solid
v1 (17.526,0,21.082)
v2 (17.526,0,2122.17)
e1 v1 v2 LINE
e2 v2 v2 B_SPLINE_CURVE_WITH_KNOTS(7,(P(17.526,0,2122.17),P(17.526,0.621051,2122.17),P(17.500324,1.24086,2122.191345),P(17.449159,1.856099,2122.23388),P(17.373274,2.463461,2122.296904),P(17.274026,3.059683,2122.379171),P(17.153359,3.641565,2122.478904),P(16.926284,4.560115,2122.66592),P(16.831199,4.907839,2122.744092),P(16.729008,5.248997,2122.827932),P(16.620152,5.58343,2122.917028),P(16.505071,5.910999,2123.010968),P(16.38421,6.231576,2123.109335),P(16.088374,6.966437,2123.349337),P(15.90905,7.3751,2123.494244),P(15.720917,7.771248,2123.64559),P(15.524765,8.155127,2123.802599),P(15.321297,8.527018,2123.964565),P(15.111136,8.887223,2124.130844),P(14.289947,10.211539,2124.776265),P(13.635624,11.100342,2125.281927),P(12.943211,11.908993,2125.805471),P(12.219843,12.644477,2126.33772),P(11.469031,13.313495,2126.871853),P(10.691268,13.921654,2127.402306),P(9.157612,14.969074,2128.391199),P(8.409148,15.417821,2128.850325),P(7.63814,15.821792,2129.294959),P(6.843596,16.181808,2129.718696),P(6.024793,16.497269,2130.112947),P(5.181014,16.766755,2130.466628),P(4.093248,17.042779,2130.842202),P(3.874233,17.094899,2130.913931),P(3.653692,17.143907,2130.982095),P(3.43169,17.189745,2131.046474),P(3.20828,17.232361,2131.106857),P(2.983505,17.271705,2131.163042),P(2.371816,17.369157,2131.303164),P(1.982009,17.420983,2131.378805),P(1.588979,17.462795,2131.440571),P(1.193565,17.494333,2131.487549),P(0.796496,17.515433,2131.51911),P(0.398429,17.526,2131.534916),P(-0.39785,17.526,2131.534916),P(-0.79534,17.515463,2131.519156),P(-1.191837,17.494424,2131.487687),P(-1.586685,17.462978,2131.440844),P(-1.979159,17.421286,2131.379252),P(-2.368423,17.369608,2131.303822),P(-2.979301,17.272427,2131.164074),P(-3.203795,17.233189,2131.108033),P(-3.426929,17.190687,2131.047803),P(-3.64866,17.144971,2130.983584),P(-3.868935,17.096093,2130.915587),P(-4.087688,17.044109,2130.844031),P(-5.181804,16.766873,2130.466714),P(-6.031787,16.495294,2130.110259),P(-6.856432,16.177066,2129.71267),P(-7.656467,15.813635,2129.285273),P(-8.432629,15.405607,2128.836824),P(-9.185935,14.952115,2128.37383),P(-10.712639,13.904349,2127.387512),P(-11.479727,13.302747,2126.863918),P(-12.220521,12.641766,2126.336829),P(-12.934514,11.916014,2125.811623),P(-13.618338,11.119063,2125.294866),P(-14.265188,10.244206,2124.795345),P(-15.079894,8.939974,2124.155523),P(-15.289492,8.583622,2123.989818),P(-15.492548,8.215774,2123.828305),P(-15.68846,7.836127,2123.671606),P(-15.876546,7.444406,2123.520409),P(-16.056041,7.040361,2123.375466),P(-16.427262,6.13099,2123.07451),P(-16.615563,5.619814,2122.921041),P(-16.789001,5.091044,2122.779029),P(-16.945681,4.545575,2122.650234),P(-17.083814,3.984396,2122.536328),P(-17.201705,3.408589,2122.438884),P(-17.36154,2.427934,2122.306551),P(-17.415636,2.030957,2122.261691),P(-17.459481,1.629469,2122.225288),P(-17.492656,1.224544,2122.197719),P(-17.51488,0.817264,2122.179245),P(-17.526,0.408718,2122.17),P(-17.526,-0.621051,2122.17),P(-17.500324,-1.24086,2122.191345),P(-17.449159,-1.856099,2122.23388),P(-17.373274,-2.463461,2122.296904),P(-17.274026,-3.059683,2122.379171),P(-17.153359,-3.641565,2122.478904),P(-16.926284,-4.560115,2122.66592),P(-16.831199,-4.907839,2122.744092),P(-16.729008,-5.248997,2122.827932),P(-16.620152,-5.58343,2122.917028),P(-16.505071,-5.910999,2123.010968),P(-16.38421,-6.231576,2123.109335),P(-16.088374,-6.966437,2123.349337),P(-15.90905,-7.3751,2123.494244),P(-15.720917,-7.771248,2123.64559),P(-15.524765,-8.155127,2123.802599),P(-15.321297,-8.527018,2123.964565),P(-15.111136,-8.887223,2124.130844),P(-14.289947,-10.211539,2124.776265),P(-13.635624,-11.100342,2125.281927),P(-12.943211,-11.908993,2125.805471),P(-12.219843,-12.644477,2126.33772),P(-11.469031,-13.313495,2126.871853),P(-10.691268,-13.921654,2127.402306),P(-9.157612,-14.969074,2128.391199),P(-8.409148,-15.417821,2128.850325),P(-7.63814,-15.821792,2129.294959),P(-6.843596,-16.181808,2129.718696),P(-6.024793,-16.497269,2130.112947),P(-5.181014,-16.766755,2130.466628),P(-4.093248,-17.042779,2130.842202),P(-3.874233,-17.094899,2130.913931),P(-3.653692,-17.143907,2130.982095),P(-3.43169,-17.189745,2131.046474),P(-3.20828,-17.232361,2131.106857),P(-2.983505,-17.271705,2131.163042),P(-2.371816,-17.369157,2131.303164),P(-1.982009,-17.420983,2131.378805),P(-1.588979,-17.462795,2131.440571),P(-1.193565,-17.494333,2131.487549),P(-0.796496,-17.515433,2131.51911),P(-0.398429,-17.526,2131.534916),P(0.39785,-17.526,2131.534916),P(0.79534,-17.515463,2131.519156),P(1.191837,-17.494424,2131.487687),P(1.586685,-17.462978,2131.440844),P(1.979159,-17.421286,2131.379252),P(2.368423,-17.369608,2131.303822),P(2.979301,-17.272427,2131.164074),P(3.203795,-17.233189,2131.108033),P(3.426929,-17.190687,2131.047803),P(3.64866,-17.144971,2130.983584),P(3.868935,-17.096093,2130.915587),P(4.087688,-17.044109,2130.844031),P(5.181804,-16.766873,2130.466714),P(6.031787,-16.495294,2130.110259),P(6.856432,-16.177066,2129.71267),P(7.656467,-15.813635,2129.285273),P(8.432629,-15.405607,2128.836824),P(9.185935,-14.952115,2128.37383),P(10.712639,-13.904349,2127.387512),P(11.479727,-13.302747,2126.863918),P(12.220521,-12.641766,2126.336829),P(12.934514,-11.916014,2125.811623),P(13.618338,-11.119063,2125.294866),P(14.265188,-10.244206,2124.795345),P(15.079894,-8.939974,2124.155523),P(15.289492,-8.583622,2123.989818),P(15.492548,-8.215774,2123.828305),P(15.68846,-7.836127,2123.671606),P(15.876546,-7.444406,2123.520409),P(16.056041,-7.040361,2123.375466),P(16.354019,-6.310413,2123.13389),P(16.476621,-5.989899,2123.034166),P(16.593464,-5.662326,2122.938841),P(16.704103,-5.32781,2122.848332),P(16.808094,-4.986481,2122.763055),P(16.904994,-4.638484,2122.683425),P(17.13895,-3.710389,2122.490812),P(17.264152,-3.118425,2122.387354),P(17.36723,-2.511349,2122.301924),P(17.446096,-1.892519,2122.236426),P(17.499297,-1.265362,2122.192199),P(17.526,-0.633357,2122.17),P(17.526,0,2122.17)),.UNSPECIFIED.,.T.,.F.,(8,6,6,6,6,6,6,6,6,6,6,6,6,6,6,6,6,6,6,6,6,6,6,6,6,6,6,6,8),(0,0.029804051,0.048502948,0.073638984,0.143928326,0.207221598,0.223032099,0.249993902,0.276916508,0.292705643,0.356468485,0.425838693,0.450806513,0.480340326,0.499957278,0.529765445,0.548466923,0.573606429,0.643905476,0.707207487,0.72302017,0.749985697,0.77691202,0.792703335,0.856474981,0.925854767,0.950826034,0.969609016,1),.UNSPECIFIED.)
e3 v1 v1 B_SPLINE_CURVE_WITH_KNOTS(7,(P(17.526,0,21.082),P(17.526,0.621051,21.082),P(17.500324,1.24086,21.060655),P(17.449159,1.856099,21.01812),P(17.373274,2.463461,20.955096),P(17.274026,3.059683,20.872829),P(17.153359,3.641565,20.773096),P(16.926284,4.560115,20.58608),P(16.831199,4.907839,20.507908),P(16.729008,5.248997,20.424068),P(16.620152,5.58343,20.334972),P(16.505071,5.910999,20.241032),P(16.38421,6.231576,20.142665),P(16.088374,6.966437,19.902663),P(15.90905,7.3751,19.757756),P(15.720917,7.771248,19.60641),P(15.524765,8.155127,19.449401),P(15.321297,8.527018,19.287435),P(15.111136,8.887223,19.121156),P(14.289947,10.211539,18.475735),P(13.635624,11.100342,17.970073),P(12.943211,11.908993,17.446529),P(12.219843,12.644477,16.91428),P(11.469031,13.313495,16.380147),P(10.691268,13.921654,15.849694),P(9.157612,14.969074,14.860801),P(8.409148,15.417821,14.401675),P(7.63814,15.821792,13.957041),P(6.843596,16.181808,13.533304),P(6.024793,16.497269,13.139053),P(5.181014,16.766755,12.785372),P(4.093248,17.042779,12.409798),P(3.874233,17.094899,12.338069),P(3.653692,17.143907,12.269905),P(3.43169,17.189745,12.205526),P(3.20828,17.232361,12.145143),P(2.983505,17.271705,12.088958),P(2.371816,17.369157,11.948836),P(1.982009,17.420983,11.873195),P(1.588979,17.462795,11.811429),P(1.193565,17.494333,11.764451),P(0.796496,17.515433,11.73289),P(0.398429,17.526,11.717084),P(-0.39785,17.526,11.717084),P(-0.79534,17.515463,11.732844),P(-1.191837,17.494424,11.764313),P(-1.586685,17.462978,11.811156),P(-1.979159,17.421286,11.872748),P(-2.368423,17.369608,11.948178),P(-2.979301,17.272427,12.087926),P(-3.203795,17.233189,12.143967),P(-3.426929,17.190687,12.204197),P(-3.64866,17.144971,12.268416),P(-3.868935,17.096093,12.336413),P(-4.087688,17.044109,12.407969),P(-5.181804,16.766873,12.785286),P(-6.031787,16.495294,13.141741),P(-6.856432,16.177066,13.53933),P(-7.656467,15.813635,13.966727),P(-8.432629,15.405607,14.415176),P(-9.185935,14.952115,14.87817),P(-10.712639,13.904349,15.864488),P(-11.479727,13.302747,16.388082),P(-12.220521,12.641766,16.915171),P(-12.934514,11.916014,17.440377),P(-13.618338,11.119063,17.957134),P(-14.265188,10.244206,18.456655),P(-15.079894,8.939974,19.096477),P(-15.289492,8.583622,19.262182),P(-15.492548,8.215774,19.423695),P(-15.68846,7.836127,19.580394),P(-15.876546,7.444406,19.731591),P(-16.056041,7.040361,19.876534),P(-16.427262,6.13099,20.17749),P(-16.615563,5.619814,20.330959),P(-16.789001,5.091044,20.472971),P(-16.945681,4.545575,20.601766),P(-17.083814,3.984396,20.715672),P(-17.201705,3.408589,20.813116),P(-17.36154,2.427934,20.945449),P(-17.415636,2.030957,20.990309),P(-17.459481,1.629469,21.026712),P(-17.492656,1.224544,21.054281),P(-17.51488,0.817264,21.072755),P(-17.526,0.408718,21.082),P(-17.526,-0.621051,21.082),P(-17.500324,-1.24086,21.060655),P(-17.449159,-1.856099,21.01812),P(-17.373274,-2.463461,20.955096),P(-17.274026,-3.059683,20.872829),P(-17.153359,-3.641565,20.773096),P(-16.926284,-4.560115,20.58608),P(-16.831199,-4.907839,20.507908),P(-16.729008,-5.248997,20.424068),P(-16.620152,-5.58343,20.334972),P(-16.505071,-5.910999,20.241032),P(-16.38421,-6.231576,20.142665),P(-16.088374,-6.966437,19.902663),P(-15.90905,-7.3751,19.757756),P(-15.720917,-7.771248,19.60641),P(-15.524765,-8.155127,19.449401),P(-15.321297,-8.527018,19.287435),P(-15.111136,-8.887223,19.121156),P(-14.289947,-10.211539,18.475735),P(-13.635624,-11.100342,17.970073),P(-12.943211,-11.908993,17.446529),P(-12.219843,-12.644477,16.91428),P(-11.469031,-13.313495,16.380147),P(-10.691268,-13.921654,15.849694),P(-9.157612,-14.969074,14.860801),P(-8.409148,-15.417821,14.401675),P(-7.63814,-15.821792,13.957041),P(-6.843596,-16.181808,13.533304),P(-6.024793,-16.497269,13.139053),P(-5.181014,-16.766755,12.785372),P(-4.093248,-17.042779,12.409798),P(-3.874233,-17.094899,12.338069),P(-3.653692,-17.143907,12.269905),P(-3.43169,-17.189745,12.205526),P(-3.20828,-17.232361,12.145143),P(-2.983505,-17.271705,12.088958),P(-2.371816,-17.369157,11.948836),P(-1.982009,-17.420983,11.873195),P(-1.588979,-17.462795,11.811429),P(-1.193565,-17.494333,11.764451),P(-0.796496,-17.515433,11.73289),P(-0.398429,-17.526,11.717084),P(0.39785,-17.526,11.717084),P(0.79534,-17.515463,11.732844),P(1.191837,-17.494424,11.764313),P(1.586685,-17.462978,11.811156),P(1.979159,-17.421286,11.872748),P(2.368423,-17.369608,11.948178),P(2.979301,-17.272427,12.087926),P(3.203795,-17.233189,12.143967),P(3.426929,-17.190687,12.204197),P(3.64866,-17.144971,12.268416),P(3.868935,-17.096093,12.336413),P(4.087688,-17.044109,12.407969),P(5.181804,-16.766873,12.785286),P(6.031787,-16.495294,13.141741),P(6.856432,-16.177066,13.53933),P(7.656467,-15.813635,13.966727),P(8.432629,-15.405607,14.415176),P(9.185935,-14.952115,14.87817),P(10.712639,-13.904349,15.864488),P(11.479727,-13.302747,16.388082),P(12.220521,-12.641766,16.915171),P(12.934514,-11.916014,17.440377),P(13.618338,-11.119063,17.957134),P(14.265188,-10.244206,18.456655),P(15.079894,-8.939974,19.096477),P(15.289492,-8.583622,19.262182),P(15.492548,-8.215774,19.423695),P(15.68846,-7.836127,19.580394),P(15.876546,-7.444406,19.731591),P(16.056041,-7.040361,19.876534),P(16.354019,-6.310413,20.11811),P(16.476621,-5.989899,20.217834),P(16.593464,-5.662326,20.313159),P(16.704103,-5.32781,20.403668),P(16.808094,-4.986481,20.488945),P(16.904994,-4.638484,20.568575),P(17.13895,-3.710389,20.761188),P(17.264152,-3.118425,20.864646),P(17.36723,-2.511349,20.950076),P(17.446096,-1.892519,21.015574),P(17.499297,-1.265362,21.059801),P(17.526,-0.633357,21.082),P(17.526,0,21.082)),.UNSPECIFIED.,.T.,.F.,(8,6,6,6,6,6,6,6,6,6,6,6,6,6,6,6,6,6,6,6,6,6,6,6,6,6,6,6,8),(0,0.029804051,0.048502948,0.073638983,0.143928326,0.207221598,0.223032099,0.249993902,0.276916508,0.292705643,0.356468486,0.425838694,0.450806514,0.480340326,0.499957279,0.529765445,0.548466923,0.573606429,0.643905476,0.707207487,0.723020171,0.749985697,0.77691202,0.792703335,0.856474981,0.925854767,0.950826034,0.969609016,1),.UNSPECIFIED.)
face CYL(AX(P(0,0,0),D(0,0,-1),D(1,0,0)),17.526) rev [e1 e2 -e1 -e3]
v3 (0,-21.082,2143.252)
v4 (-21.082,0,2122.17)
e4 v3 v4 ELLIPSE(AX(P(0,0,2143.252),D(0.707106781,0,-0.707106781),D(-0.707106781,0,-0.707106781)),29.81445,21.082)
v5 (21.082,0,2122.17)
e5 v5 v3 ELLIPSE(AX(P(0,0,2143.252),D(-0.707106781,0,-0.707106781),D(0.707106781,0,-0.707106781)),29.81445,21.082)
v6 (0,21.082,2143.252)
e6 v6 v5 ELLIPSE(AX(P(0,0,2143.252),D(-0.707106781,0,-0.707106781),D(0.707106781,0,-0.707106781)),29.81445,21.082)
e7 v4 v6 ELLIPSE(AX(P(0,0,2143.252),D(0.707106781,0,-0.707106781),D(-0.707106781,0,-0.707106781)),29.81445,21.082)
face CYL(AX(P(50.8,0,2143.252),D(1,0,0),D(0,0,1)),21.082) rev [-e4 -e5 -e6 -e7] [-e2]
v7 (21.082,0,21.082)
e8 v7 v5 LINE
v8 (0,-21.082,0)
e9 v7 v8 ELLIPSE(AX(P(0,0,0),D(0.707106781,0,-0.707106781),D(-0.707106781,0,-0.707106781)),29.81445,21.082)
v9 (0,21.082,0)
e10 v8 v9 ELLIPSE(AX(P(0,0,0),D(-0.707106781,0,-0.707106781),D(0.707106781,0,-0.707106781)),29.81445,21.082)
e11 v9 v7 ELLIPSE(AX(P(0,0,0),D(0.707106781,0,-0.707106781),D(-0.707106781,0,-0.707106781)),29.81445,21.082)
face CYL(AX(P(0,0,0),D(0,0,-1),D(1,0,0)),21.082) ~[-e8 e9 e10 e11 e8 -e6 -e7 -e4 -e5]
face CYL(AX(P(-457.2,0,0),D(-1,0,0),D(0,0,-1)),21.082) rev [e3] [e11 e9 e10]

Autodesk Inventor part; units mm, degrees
ref_plane "Start plane" through (0, 0, 0) normal (0, 0, 1) x (1, 0, 0)
ref_plane "End plane" through (0, 0, 2143.252) normal (0, 0, 1) x (1, 0, 0)
sketch "Sketch" plane through (0, 0, 0) normal (0, 0, 1) x (1, 0, 0)
  circle A0 centre (0, 0) radius 17.526
  circle A1 centre (0, 0) radius 21.082
  dimension "d0" = 42.164
  dimension "d1" = 3.556
extrude "Body" add sketch "Sketch" along normal up to surface (2143.252 mm away) from surface at 0
sketch "Sketch3" plane through (0, 0, 0) normal (0, 0, 1) x (1, 0, 0)
  line L0 (0, 0) -> (10, 0)
ref_plane "Work Plane3" through (0, 0, 0) normal (0, -1, 0) x (1, 0, 0)
sketch "Sketch4" plane through (0, 0, 0) normal (0, -1, 0) x (1, 0, 0)
  line L0 (-2, 0) -> (12, 0)
  line L1 (-2, 2143.252) -> (12, 2143.252)
  dimension "d7" = 2143.252
ref_plane "Work Plane4" through (-457.2, 0, 0) normal (1, 0, 0) x (0, 0, -1)
ref_plane "Work Plane5" through (50.8, 0, 0) normal (1, 0, 0) x (0, 0, -1)
ref_plane "Work Plane6" through (-203.2, 0, 0) normal (1, 0, 0) x (0, 0, -1)
sketch "Sketch5" plane through (-203.2, 0, 0) normal (1, 0, 0) x (0, 0, -1)
  circle A0 centre (0, 0) radius 21.082
  circle A1 centre (0, 0) radius 17.526
extrude "Extrusion2" cut sketch "Sketch5" along normal up to surface (508 mm away) from surface at -254 contours A0 | A1
ref_plane "Work Plane7" through (50.8, 0, 2143.252) normal (-1, 0, 0) x (0, 0, 1)
ref_plane "Work Plane8" through (-457.2, 0, 2143.252) normal (-1, 0, 0) x (0, 0, 1)
ref_plane "Work Plane9" through (-203.2, 0, 2143.252) normal (-1, 0, 0) x (0, 0, 1)
sketch "Sketch6" plane through (-203.2, 0, 2143.252) normal (-1, 0, 0) x (0, 0, 1)
  circle A0 centre (0, 0) radius 21.082
  circle A1 centre (0, 0) radius 17.526
extrude "Extrusion3" cut sketch "Sketch6" along normal up to surface (508 mm away) from surface at -254 contours A0 | A1
ref_plane "Work Plane10" through (0, 21.082, 2143.252) normal (0, 0, 1) x (0, -1, 0)
equation "\"d0\" = G_H"
equation "\"d1\" = G_T"
equation "\"d2\" = G_L"
equation "\"G_H\" = 42.164"
equation "\"G_T\" = 3.556"
equation "\"G_L\" = d7"
equation "\"G_OFFSET_START\" = 0"
equation "\"G_OFFSET_END\" = 0"
equation "\"d5\" = G_OFFSET_END + B_L"
equation "\"B_L\" = 2143.252"
properties part number "ANSI - 1 1/4 x 0.140 - 84.38" material "Aluminum 6061"
